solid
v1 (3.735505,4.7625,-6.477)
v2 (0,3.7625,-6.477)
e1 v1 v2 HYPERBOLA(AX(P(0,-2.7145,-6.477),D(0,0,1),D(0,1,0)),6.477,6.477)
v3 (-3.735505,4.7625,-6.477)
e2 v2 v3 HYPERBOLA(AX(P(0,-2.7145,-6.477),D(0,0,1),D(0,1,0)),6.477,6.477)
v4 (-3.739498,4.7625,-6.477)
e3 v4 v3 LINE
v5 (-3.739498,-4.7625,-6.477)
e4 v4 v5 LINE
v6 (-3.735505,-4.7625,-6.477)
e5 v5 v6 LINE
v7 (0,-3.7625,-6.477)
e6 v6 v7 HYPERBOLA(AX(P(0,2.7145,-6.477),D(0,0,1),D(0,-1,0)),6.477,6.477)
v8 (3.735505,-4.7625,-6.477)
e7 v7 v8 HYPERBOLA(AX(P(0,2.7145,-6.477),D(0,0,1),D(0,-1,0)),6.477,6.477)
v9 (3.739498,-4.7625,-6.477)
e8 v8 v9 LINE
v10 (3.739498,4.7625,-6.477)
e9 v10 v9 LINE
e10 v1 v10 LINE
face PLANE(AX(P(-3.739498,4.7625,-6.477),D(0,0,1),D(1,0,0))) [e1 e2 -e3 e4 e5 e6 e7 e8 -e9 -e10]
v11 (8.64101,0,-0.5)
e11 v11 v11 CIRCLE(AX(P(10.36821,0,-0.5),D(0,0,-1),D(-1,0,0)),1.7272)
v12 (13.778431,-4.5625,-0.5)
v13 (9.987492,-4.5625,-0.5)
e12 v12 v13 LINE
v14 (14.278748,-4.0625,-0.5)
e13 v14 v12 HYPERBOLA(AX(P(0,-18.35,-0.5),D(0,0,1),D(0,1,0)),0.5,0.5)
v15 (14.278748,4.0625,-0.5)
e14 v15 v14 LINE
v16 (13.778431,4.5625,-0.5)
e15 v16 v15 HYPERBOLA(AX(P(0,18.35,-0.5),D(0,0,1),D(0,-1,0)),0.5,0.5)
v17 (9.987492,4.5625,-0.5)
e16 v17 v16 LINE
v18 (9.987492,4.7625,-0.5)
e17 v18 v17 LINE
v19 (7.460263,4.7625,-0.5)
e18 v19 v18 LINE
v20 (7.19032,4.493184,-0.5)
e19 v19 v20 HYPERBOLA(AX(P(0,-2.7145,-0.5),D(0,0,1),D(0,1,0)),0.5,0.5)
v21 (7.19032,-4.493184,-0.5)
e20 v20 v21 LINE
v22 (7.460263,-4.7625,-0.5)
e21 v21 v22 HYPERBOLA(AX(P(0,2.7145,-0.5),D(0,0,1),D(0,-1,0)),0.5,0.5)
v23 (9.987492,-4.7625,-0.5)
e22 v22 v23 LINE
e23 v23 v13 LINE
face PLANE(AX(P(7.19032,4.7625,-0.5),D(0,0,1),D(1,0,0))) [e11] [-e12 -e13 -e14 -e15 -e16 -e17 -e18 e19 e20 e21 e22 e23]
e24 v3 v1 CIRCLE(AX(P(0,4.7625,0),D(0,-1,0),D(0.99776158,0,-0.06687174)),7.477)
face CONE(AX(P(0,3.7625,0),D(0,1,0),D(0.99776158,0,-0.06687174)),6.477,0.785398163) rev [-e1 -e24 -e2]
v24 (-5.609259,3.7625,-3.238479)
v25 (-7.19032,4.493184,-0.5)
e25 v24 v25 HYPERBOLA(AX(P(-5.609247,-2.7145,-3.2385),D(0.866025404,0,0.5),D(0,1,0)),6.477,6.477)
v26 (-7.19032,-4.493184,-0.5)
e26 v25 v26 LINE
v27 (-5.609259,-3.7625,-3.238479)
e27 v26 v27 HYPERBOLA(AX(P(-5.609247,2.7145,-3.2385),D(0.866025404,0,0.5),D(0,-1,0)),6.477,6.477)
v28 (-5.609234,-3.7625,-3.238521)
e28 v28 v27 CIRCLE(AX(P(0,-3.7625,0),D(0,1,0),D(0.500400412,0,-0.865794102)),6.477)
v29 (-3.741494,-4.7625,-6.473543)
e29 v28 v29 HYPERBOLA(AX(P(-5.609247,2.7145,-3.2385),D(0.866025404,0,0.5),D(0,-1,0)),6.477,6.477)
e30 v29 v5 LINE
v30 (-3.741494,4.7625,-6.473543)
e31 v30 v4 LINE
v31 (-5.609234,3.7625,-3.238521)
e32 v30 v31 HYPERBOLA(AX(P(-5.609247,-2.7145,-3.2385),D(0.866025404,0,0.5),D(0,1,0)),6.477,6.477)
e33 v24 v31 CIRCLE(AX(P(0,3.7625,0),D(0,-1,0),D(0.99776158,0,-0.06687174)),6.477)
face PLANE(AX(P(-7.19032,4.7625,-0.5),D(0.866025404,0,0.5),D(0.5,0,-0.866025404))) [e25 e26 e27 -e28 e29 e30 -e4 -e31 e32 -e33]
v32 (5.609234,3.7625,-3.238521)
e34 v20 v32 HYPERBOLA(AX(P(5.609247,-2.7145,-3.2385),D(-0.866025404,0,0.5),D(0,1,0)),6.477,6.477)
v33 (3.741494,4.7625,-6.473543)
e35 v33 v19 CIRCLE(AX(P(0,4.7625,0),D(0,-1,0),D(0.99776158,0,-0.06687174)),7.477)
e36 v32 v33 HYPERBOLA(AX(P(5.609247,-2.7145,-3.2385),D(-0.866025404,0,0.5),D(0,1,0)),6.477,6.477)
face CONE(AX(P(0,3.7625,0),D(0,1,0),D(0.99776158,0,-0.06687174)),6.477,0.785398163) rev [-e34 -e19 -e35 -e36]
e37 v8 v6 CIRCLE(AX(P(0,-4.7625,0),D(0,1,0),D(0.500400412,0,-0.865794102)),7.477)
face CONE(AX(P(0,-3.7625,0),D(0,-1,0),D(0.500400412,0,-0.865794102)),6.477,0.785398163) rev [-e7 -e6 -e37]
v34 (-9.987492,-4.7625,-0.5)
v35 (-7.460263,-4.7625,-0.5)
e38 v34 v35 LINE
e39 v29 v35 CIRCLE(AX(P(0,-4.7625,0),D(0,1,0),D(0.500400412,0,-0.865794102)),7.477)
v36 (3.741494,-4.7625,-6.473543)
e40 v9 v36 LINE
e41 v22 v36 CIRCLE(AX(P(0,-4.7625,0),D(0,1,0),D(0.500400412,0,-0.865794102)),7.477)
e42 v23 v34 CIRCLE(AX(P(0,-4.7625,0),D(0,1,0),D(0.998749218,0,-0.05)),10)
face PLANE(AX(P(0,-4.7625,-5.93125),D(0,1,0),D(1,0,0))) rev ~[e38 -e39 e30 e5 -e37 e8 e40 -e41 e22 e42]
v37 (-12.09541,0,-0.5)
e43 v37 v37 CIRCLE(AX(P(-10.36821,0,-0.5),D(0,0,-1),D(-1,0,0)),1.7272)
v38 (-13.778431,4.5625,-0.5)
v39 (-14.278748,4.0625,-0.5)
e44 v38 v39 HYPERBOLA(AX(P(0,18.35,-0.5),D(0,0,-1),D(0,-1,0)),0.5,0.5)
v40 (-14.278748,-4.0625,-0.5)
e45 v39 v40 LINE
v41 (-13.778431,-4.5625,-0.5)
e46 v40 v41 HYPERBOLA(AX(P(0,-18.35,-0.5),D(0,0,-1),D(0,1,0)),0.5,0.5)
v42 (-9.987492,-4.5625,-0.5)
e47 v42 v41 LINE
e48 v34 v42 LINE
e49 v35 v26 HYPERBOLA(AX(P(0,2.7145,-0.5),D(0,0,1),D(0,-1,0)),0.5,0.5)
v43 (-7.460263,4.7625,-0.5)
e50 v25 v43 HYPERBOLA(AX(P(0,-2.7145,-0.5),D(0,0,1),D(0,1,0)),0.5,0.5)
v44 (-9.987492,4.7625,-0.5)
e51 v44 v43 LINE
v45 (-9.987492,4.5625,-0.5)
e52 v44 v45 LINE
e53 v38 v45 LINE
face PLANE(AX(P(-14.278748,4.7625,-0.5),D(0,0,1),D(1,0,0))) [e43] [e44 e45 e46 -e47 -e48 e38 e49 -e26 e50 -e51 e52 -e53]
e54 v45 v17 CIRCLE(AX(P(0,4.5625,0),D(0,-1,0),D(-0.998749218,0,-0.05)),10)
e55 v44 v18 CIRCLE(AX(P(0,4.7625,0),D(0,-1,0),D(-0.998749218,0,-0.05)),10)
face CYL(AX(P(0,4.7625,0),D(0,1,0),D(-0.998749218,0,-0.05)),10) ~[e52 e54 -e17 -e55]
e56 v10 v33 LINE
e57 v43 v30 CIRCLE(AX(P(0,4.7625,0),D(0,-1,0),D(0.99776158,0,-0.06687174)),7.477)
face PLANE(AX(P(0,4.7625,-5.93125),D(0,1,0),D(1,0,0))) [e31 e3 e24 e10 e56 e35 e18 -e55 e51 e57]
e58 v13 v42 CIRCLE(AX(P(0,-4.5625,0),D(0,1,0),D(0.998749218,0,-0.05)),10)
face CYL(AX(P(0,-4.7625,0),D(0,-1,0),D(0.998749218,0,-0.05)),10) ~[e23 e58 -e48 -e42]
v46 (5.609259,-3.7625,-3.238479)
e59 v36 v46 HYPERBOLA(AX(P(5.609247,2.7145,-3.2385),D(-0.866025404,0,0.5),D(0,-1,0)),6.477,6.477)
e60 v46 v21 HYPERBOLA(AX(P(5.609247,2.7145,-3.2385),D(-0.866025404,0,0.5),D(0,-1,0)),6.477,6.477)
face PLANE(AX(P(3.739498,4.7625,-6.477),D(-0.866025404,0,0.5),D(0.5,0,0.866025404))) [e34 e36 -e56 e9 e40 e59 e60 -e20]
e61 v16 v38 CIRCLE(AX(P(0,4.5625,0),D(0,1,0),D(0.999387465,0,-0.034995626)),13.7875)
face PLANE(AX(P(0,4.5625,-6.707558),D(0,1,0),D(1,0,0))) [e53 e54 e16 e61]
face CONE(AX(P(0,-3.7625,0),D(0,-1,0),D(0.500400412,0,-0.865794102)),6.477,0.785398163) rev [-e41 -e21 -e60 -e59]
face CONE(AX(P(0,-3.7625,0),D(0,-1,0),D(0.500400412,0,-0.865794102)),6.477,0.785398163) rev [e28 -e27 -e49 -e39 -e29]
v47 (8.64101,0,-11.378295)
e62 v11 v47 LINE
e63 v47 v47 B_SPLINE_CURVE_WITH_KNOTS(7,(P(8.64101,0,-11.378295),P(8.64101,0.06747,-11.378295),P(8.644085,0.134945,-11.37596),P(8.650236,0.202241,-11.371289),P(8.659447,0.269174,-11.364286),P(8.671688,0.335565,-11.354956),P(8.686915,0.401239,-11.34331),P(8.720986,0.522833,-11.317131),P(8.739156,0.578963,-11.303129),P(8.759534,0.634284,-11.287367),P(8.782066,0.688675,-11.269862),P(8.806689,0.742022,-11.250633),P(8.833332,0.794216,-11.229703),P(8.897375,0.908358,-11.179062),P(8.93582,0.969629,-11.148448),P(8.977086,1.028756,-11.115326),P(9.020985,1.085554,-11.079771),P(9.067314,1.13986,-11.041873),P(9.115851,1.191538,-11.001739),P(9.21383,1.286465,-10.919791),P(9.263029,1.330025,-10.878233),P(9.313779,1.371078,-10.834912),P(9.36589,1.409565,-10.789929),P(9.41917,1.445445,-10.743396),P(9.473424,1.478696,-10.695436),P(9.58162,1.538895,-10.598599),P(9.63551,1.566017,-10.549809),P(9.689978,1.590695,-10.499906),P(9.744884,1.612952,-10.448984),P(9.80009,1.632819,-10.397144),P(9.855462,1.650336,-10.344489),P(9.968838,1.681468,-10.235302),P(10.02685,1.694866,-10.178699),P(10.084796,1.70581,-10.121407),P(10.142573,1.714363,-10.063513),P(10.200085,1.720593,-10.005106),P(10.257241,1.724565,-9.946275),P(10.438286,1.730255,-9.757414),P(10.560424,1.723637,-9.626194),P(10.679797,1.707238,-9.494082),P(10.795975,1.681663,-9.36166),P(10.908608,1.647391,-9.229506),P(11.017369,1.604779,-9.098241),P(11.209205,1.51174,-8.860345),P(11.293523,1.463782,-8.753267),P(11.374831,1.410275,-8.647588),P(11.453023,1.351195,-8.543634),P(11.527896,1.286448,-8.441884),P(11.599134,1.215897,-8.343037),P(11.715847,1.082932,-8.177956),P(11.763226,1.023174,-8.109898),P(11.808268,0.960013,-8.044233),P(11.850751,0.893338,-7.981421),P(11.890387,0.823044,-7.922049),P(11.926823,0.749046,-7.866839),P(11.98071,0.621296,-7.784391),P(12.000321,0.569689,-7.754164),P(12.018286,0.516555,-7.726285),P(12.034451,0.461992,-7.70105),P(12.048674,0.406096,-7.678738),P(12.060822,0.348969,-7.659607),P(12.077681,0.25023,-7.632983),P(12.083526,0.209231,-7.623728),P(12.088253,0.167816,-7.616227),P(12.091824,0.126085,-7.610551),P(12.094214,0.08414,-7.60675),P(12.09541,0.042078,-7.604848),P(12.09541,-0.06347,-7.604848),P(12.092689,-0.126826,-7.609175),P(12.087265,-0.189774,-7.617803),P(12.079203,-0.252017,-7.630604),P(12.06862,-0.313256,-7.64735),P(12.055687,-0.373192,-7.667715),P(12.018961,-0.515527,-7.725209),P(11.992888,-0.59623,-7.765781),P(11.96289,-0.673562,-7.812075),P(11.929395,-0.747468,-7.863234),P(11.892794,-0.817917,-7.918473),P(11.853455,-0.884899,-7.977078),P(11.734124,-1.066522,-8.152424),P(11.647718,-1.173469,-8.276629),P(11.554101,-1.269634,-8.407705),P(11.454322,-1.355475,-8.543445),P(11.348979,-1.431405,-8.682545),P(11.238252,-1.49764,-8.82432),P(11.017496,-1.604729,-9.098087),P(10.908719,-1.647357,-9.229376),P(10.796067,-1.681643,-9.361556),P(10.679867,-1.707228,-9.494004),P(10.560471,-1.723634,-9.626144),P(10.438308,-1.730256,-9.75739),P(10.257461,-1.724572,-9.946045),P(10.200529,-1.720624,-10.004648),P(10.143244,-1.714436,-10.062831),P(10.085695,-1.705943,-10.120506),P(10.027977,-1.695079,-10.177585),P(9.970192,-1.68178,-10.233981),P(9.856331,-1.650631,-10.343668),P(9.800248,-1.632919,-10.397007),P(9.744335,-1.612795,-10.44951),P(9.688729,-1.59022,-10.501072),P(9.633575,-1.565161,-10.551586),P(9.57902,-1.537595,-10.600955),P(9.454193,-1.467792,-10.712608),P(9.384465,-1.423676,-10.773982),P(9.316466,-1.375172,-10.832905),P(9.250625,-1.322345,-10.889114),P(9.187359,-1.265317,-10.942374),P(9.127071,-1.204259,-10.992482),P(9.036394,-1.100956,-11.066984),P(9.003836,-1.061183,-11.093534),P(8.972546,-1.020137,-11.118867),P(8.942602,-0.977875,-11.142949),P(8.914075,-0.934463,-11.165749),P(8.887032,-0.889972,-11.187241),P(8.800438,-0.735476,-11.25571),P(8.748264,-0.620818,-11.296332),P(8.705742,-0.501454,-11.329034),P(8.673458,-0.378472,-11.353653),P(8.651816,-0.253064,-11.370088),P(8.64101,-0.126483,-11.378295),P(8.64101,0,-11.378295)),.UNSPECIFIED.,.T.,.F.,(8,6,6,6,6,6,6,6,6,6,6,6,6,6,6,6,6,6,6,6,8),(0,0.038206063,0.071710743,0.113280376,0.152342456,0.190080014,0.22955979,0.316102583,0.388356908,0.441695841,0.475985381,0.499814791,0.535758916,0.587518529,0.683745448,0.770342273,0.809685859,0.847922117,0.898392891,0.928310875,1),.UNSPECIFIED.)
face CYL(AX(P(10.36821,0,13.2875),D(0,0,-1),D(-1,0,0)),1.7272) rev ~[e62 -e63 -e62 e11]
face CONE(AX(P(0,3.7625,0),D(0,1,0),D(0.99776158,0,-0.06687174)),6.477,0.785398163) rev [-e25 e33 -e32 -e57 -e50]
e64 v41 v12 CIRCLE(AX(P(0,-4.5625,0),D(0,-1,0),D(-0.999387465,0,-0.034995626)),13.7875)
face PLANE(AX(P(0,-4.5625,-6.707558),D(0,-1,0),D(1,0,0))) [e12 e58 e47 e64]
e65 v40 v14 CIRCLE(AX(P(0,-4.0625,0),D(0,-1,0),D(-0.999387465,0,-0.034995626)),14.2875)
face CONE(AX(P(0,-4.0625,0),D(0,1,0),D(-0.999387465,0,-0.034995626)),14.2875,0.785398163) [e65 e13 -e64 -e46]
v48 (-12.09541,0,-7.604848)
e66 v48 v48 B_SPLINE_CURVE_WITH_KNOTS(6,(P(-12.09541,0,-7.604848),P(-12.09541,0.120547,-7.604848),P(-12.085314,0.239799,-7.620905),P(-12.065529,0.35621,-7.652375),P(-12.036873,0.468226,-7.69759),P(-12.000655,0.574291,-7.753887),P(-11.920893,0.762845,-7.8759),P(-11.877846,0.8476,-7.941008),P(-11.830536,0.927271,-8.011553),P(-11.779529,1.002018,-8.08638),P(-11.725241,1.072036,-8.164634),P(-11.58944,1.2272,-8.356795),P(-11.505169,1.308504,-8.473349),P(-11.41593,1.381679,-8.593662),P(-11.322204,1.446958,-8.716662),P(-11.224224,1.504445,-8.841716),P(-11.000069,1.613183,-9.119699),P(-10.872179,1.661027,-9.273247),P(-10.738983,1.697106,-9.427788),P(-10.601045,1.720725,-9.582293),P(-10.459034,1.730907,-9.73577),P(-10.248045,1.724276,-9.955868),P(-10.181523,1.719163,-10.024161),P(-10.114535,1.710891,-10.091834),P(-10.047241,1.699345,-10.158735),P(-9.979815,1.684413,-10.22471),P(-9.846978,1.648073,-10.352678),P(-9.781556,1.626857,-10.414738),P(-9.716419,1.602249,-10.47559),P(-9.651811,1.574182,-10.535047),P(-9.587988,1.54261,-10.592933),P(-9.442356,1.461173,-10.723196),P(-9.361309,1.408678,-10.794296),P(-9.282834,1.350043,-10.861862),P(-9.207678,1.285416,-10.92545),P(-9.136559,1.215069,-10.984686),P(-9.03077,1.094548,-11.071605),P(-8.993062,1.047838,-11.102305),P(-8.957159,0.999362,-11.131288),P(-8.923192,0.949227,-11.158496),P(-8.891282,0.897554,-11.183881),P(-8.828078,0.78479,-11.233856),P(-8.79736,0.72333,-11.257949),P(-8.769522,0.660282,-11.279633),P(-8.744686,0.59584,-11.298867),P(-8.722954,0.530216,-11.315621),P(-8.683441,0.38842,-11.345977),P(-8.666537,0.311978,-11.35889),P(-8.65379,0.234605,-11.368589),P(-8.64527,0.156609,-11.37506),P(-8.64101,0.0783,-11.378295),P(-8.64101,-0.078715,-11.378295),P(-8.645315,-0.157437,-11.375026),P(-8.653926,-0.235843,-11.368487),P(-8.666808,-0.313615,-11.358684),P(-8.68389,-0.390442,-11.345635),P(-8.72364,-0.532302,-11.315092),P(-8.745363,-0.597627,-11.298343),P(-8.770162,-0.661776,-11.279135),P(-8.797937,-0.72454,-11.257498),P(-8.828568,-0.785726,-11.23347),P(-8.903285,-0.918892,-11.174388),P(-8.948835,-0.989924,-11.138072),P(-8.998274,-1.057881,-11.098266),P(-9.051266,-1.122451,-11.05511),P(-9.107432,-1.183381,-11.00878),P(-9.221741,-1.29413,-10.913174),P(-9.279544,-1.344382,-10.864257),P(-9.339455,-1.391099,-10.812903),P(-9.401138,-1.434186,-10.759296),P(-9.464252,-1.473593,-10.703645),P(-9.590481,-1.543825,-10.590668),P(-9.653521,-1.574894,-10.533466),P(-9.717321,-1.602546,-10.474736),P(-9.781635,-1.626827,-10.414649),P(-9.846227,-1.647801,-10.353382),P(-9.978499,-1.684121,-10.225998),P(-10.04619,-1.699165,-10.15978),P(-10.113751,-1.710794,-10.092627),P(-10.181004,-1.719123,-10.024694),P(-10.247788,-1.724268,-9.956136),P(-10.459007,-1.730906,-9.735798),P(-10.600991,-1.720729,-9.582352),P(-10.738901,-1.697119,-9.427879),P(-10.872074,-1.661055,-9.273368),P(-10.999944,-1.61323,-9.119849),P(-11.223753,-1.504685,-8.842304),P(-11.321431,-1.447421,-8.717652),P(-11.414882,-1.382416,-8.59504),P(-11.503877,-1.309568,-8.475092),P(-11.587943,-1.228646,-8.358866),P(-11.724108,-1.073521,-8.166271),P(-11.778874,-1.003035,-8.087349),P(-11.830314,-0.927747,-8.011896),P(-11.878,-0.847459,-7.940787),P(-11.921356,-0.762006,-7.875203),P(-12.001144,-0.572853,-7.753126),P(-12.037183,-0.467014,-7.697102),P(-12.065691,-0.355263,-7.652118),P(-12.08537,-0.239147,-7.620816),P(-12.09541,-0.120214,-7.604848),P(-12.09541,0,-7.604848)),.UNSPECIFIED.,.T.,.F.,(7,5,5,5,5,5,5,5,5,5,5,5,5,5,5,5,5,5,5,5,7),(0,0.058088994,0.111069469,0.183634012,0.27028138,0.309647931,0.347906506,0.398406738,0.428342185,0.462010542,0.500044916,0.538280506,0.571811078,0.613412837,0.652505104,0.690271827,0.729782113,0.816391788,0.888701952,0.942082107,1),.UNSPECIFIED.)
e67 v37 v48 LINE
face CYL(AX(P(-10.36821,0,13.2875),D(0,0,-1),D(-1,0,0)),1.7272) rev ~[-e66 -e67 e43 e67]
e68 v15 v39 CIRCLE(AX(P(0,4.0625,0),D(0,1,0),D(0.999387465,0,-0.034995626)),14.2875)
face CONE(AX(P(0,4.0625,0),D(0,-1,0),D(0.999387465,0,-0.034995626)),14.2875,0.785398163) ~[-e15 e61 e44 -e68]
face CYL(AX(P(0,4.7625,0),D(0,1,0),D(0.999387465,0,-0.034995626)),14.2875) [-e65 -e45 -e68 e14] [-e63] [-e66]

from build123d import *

# Parameters (mm, degrees)
BOSS_EXTRUDE1_DEPTH             = 9.525
CUT_EXTRUDE7_DEPTH              = 0.2
CUT_EXTRUDE8_DEPTH              = 0.2
F_29_0_136_DIAMETER_HOLE4_D     = 3.4544
F_29_0_136_DIAMETER_HOLE4_DEPTH = 13.7875
CHAMFER4_SIZE                   = 0.5


with BuildPart() as part:
    # Sketch19 → Boss-Extrude1 (new body)
    with BuildSketch(Plane(origin=(0, 4.7625, 0), x_dir=(1, 0, 0), z_dir=(0, 1, 0))):
        with BuildLine():
            Line((-14.278748413, 0.5), (-7.190320252, 0.5))
            Line((-7.190320252, 0.5), (-3.739497694, 6.477))
            Line((-3.739497694, 6.477), (3.739497694, 6.477))
            Line((3.739497694, 6.477), (7.190320252, 0.5))
            Line((7.190320252, 0.5), (14.278748413, 0.5))
            ThreePointArc((14.278748413, 0.5), (0, 14.2875), (-14.278748413, 0.5))
        make_face()
    extrude(amount=-BOSS_EXTRUDE1_DEPTH)

    # Sketch20 → Cut-Revolve1 (revolve, cut)
    with BuildSketch(Plane(origin=(0, 0, 0), x_dir=(0, -1, 0), z_dir=(-0.865794102, 0, -0.500400412))):
        Polygon((4.7625, 0), (3.7625, 0), (3.7625, -6.477), (4.7625, -7.477), align=None)
    revolve(axis=Axis((0, -4.7625, 0), (0, 1, 0)), mode=Mode.SUBTRACT)

    # Sketch21 → Cut-Revolve2 (revolve, cut)
    with BuildSketch(Plane(origin=(0, 0, 0), x_dir=(0, 1, 0), z_dir=(0.06687174, 0, 0.99776158))):
        Polygon((4.7625, -7.477), (4.7625, 0), (3.7625, 0), (3.7625, -6.477), align=None)
    revolve(axis=Axis((0, 4.7625, 0), (0, -1, 0)), mode=Mode.SUBTRACT)

    # Sketch26 → Cut-Extrude7 (cut)
    with BuildSketch(Plane(origin=(0, 4.7625, 0), x_dir=(1, 0, 0), z_dir=(0, 1, 0))):
        with BuildLine():
            Line((-14.278748413, 0.5), (-9.987492178, 0.5))
            ThreePointArc((-9.987492178, 0.5), (0, 10), (9.987492178, 0.5))
            Line((9.987492178, 0.5), (14.278748413, 0.5))
            ThreePointArc((14.278748413, 0.5), (0, 14.2875), (-14.278748413, 0.5))
        make_face()
    extrude(amount=-CUT_EXTRUDE7_DEPTH, mode=Mode.SUBTRACT)

    # Sketch27 → Cut-Extrude8 (cut)
    with BuildSketch(Plane.XZ.offset(4.7625)):
        with BuildLine():
            Line((-9.987492178, -0.5), (-14.278748413, -0.5))
            ThreePointArc((-14.278748413, -0.5), (0, -14.2875), (14.278748413, -0.5))
            Line((14.278748413, -0.5), (9.987492178, -0.5))
            ThreePointArc((9.987492178, -0.5), (0, -10), (-9.987492178, -0.5))
        make_face()
    extrude(amount=-CUT_EXTRUDE8_DEPTH, mode=Mode.SUBTRACT)

    # #29 (0.136) Diameter Hole4
    with Locations(Plane.XY.offset(-0.5)):
        with Locations((-10.368210259, 0), (10.368210259, 0)):
            Hole(F_29_0_136_DIAMETER_HOLE4_D / 2, depth=F_29_0_136_DIAMETER_HOLE4_DEPTH)

    # Chamfer4
    chamfer4_edges = [part.edges().sort_by_distance(p)[0] for p in [
        (0, 4.5625, -14.2875),
        (0, -4.5625, -14.2875),
    ]]
    chamfer(chamfer4_edges, length=CHAMFER4_SIZE)


solid = part.part
